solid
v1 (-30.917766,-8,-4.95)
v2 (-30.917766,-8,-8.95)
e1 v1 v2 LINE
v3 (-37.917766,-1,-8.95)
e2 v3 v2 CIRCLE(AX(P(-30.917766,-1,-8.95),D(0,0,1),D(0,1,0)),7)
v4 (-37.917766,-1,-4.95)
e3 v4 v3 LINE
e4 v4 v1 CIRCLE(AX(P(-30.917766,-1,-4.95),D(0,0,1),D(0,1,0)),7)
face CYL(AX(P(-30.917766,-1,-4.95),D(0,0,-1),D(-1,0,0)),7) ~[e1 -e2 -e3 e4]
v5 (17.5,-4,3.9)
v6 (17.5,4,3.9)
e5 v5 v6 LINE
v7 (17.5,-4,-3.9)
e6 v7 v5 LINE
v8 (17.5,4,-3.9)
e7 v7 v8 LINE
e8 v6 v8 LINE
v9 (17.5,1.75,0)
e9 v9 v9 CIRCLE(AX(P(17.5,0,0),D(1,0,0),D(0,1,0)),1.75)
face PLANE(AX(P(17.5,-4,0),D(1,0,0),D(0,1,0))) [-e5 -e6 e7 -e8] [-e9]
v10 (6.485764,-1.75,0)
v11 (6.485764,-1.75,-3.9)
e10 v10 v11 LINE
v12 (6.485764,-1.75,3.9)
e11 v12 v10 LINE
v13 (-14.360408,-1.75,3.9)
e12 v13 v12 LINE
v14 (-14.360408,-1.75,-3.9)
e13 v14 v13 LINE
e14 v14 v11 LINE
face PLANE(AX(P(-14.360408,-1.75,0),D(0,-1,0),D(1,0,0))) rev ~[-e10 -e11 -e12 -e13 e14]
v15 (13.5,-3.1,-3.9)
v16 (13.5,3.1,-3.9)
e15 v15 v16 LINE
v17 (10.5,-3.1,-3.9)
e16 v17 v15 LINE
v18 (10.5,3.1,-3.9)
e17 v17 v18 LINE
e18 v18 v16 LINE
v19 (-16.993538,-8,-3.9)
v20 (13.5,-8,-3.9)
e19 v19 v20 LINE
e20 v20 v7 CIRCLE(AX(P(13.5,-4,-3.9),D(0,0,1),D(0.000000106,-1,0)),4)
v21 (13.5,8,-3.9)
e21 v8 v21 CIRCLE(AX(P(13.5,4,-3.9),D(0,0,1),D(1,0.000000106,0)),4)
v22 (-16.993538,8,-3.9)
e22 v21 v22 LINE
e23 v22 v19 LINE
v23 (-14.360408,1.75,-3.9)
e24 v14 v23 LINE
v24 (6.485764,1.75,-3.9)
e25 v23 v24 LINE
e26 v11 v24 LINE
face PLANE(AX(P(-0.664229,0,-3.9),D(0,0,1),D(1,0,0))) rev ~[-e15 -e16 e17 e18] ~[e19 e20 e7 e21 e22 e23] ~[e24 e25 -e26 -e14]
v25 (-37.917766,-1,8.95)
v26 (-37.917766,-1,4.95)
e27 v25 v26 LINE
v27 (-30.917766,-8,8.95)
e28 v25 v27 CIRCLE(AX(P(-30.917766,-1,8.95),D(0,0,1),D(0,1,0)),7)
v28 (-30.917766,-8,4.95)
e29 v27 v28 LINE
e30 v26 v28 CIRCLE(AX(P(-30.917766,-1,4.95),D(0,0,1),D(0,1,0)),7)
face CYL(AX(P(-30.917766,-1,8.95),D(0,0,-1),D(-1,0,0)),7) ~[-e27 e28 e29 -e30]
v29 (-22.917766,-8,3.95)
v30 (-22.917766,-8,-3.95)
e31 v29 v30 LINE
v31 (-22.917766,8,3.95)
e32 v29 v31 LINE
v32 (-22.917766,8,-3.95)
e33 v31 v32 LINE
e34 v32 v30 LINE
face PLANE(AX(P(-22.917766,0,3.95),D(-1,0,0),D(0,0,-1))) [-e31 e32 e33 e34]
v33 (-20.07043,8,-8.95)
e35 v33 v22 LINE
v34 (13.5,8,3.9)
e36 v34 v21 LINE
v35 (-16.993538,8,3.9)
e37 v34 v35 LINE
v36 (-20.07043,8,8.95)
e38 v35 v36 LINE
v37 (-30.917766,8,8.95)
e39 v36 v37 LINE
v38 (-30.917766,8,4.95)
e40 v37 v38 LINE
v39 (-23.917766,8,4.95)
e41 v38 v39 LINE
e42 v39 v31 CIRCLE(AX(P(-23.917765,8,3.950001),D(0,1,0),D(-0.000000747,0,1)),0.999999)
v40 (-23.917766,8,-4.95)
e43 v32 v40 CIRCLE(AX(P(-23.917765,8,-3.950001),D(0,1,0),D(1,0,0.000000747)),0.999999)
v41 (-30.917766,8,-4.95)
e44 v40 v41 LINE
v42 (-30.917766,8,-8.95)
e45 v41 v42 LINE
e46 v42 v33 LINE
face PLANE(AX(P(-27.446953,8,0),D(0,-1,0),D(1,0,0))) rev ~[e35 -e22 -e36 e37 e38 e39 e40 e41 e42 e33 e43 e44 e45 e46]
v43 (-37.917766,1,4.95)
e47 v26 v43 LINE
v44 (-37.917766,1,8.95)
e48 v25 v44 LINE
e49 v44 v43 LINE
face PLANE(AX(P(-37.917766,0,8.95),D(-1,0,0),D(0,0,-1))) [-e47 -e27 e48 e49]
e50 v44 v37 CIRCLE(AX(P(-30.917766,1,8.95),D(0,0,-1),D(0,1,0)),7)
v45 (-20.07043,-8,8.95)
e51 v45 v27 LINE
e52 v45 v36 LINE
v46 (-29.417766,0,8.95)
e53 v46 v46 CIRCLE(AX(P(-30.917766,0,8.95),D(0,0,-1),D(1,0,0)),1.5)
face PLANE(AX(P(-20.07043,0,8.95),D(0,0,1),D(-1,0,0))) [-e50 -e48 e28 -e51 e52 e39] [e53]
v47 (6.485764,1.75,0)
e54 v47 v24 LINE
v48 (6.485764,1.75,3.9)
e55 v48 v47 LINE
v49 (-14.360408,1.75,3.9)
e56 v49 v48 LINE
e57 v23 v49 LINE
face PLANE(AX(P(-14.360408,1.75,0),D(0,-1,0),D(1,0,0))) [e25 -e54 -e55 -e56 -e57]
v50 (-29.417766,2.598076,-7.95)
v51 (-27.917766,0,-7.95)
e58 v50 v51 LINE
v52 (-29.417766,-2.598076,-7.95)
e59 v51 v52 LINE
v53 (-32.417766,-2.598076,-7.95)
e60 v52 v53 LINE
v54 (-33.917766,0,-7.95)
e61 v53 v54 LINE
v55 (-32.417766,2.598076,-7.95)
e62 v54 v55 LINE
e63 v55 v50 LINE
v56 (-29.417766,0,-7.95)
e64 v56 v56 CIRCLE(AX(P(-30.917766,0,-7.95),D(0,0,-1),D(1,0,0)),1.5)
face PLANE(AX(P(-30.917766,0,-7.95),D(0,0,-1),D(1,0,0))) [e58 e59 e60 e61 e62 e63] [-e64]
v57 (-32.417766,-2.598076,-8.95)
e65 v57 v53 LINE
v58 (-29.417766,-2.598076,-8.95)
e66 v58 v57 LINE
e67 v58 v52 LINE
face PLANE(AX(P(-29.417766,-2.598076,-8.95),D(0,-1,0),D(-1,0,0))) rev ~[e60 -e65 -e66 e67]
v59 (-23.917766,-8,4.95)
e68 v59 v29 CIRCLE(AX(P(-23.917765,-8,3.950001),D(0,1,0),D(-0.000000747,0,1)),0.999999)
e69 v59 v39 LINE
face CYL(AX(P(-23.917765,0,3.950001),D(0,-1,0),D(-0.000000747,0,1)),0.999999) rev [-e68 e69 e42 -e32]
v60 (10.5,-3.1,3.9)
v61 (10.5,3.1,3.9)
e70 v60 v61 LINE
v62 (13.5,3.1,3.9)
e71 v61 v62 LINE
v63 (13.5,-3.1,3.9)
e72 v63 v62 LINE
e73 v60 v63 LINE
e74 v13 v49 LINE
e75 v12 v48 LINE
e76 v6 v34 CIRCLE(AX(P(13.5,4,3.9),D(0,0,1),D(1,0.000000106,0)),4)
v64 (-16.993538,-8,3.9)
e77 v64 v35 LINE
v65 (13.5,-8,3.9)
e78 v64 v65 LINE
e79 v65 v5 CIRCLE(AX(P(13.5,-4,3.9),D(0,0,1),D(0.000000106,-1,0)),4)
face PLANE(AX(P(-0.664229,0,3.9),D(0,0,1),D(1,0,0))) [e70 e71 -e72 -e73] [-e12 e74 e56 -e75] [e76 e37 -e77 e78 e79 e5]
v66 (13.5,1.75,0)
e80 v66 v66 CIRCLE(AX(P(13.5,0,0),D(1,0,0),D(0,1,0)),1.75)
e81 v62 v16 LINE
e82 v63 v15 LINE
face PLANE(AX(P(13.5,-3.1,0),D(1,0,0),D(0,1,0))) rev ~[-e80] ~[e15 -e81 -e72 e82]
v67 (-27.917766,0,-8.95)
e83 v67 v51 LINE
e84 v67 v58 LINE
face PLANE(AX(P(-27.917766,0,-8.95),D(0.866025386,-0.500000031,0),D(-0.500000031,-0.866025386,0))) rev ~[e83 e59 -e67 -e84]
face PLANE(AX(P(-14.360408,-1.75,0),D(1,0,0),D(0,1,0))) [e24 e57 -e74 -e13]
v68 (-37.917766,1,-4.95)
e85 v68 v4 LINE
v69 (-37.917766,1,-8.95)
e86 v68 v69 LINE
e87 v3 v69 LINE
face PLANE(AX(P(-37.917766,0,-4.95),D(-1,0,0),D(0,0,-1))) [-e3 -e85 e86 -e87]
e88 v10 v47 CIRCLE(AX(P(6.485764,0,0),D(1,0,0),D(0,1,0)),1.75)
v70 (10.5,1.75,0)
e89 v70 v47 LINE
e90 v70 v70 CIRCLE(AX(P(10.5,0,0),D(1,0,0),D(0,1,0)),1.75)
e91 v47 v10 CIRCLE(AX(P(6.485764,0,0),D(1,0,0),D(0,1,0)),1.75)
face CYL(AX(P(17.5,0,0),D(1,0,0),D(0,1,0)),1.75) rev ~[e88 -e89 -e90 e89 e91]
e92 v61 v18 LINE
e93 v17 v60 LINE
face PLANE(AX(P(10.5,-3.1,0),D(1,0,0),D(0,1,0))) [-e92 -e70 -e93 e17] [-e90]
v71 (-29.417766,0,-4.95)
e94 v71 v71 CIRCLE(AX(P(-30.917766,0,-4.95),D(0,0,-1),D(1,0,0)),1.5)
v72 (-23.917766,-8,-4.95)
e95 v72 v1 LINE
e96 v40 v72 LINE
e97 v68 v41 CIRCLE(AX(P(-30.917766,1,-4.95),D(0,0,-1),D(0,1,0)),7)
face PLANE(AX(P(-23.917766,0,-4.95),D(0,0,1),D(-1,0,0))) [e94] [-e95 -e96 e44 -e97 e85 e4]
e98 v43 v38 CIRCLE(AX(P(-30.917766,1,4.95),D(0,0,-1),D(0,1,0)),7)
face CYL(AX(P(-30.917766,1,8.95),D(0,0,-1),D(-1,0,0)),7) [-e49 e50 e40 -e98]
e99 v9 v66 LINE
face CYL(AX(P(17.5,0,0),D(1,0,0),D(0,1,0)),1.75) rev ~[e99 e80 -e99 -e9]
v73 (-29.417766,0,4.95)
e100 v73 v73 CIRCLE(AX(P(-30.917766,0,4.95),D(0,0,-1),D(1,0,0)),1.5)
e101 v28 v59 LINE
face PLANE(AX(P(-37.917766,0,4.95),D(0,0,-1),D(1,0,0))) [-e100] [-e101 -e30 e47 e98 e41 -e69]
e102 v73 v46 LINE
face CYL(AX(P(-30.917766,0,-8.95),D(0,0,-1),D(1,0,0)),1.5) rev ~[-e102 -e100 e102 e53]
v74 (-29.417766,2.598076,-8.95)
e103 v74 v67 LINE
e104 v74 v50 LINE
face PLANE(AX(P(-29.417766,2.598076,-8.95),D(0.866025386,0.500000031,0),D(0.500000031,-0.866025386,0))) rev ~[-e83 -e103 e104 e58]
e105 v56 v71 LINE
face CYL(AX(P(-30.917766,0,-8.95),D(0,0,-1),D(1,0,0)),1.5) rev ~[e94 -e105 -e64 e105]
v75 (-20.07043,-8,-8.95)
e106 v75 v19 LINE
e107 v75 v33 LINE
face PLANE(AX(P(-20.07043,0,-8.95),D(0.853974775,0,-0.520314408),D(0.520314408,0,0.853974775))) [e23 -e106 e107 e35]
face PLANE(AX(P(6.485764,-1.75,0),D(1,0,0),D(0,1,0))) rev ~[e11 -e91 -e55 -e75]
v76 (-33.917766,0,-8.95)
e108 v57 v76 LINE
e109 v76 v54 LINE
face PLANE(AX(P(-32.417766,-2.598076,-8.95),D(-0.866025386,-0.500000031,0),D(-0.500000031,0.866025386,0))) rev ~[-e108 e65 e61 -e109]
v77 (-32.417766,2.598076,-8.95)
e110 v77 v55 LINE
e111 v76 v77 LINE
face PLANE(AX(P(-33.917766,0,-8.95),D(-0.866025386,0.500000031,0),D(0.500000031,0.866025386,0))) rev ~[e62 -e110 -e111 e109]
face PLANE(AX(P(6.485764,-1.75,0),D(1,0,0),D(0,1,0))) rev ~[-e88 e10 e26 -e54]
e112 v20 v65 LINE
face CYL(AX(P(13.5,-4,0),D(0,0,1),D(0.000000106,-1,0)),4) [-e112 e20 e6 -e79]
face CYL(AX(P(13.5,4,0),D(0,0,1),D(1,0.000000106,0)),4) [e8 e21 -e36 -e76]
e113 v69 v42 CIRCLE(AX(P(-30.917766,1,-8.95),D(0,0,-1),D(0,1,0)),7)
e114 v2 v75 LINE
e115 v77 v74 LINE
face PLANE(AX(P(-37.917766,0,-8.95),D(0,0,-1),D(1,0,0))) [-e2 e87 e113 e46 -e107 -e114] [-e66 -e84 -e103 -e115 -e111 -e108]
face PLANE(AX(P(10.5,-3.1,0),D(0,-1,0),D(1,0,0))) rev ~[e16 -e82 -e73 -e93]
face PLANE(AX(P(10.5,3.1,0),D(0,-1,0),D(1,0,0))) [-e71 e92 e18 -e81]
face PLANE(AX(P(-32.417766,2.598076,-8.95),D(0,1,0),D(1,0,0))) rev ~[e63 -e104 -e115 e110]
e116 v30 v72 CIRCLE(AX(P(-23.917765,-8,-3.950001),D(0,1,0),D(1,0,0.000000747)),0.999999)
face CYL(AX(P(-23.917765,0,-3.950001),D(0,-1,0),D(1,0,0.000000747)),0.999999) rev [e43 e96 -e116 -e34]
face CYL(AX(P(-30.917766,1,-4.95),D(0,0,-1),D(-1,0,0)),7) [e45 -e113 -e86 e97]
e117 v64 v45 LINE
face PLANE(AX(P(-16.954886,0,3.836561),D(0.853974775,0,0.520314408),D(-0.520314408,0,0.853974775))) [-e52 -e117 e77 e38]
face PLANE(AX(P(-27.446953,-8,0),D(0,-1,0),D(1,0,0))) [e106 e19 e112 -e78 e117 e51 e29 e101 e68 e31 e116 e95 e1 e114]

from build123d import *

# Parameters (mm, degrees)
F0_W          = 20.846172
F0_H          = 3.5
F0_W_2        = 3
F0_H_2        = 6.2
F1_DEPTH      = 3.9
F1_DEPTH_BACK = 3.9
F2_R          = 1.75
F3_DEPTH      = 16.2
F5_DEPTH      = 8
F5_DEPTH_BACK = 8
F6_R          = 7
F7_R          = 1.5
F8_DEPTH      = 25
F9_R          = 1.5
F10_DEPTH     = 1


with BuildPart() as f1:
    # F0 (on Top) → F1 (new body, two sides)
    with BuildSketch(Plane.XY) as f1_sk:
        with BuildLine():
            Line((-17.5, 8), (-17.5, -8))
            Line((-17.5, -8), (13.5, -8))
            ThreePointArc((13.5, -8), (16.328427, -6.828427), (17.5, -4))
            Line((17.5, -4), (17.5, 4))
            ThreePointArc((17.5, 4), (16.328427, 6.828427), (13.5, 8))
            Line((13.5, 8), (-17.5, 8))
        make_face()
        with Locations((-3.937322, 0)):
            Rectangle(F0_W, F0_H, mode=Mode.SUBTRACT)
        with Locations((12, 0)):
            Rectangle(F0_W_2, F0_H_2, mode=Mode.SUBTRACT)
    extrude(amount=F1_DEPTH)
    extrude(f1_sk.sketch, amount=-F1_DEPTH_BACK)

    # F2 (on face) → F3 (cut)
    with BuildSketch(Plane.YZ.offset(17.5)):
        Circle(F2_R)
    extrude(amount=-F3_DEPTH, mode=Mode.SUBTRACT)

    # F4 (on Front) → F5 (join, two sides)
    with BuildSketch(Plane.XZ) as f5_sk:
        with BuildLine():
            Line((-22.917766, 3.95), (-22.917766, -3.95))
            ThreePointArc((-22.917766, -3.95), (-23.210659, -4.657107), (-23.917766, -4.95))
            Line((-23.917766, -4.95), (-37.917766, -4.95))
            Line((-37.917766, -4.95), (-37.917766, -8.95))
            Line((-37.917766, -8.95), (-20.07043, -8.95))
            Line((-20.07043, -8.95), (-16.954886, -3.836561))
            Line((-16.954886, -3.836561), (-16.954886, 3.836561))
            Line((-16.954886, 3.836561), (-20.07043, 8.95))
            Line((-20.07043, 8.95), (-37.917766, 8.95))
            Line((-37.917766, 8.95), (-37.917766, 4.95))
            Line((-37.917766, 4.95), (-23.917766, 4.95))
            ThreePointArc((-23.917766, 4.95), (-23.210659, 4.657107), (-22.917766, 3.95))
        make_face()
    extrude(amount=F5_DEPTH)
    extrude(f5_sk.sketch, amount=-F5_DEPTH_BACK)

    # F6
    f6_edges = [f1.edges().sort_by_distance(p)[0] for p in [
        (-37.917766, -8, -6.95),
        (-37.917766, -8, 6.95),
        (-37.917766, 8, 6.95),
        (-37.917766, 8, -6.95),
    ]]
    fillet(f6_edges, radius=F6_R)

    # F7 (on face) → F8 (cut)
    with BuildSketch(Plane(origin=(0, 0, -8.95), x_dir=(1, 0, 0), z_dir=(0, 0, -1))):
        with Locations((-30.917766, 0)):
            Circle(F7_R)
    extrude(amount=-F8_DEPTH, mode=Mode.SUBTRACT)

    # F9 (on face) → F10 (cut)
    with BuildSketch(Plane(origin=(0, 0, -8.95), x_dir=(1, 0, 0), z_dir=(0, 0, -1))):
        Polygon((-29.417766, -2.598076), (-27.917766, 0), (-29.417766, 2.598076), (-32.417766, 2.598076), (-33.917766, 0), (-32.417766, -2.598076), align=None)
        with Locations((-30.917766, 0)):
            Circle(F9_R, mode=Mode.SUBTRACT)
    extrude(amount=-F10_DEPTH, mode=Mode.SUBTRACT)


solid = f1.part
